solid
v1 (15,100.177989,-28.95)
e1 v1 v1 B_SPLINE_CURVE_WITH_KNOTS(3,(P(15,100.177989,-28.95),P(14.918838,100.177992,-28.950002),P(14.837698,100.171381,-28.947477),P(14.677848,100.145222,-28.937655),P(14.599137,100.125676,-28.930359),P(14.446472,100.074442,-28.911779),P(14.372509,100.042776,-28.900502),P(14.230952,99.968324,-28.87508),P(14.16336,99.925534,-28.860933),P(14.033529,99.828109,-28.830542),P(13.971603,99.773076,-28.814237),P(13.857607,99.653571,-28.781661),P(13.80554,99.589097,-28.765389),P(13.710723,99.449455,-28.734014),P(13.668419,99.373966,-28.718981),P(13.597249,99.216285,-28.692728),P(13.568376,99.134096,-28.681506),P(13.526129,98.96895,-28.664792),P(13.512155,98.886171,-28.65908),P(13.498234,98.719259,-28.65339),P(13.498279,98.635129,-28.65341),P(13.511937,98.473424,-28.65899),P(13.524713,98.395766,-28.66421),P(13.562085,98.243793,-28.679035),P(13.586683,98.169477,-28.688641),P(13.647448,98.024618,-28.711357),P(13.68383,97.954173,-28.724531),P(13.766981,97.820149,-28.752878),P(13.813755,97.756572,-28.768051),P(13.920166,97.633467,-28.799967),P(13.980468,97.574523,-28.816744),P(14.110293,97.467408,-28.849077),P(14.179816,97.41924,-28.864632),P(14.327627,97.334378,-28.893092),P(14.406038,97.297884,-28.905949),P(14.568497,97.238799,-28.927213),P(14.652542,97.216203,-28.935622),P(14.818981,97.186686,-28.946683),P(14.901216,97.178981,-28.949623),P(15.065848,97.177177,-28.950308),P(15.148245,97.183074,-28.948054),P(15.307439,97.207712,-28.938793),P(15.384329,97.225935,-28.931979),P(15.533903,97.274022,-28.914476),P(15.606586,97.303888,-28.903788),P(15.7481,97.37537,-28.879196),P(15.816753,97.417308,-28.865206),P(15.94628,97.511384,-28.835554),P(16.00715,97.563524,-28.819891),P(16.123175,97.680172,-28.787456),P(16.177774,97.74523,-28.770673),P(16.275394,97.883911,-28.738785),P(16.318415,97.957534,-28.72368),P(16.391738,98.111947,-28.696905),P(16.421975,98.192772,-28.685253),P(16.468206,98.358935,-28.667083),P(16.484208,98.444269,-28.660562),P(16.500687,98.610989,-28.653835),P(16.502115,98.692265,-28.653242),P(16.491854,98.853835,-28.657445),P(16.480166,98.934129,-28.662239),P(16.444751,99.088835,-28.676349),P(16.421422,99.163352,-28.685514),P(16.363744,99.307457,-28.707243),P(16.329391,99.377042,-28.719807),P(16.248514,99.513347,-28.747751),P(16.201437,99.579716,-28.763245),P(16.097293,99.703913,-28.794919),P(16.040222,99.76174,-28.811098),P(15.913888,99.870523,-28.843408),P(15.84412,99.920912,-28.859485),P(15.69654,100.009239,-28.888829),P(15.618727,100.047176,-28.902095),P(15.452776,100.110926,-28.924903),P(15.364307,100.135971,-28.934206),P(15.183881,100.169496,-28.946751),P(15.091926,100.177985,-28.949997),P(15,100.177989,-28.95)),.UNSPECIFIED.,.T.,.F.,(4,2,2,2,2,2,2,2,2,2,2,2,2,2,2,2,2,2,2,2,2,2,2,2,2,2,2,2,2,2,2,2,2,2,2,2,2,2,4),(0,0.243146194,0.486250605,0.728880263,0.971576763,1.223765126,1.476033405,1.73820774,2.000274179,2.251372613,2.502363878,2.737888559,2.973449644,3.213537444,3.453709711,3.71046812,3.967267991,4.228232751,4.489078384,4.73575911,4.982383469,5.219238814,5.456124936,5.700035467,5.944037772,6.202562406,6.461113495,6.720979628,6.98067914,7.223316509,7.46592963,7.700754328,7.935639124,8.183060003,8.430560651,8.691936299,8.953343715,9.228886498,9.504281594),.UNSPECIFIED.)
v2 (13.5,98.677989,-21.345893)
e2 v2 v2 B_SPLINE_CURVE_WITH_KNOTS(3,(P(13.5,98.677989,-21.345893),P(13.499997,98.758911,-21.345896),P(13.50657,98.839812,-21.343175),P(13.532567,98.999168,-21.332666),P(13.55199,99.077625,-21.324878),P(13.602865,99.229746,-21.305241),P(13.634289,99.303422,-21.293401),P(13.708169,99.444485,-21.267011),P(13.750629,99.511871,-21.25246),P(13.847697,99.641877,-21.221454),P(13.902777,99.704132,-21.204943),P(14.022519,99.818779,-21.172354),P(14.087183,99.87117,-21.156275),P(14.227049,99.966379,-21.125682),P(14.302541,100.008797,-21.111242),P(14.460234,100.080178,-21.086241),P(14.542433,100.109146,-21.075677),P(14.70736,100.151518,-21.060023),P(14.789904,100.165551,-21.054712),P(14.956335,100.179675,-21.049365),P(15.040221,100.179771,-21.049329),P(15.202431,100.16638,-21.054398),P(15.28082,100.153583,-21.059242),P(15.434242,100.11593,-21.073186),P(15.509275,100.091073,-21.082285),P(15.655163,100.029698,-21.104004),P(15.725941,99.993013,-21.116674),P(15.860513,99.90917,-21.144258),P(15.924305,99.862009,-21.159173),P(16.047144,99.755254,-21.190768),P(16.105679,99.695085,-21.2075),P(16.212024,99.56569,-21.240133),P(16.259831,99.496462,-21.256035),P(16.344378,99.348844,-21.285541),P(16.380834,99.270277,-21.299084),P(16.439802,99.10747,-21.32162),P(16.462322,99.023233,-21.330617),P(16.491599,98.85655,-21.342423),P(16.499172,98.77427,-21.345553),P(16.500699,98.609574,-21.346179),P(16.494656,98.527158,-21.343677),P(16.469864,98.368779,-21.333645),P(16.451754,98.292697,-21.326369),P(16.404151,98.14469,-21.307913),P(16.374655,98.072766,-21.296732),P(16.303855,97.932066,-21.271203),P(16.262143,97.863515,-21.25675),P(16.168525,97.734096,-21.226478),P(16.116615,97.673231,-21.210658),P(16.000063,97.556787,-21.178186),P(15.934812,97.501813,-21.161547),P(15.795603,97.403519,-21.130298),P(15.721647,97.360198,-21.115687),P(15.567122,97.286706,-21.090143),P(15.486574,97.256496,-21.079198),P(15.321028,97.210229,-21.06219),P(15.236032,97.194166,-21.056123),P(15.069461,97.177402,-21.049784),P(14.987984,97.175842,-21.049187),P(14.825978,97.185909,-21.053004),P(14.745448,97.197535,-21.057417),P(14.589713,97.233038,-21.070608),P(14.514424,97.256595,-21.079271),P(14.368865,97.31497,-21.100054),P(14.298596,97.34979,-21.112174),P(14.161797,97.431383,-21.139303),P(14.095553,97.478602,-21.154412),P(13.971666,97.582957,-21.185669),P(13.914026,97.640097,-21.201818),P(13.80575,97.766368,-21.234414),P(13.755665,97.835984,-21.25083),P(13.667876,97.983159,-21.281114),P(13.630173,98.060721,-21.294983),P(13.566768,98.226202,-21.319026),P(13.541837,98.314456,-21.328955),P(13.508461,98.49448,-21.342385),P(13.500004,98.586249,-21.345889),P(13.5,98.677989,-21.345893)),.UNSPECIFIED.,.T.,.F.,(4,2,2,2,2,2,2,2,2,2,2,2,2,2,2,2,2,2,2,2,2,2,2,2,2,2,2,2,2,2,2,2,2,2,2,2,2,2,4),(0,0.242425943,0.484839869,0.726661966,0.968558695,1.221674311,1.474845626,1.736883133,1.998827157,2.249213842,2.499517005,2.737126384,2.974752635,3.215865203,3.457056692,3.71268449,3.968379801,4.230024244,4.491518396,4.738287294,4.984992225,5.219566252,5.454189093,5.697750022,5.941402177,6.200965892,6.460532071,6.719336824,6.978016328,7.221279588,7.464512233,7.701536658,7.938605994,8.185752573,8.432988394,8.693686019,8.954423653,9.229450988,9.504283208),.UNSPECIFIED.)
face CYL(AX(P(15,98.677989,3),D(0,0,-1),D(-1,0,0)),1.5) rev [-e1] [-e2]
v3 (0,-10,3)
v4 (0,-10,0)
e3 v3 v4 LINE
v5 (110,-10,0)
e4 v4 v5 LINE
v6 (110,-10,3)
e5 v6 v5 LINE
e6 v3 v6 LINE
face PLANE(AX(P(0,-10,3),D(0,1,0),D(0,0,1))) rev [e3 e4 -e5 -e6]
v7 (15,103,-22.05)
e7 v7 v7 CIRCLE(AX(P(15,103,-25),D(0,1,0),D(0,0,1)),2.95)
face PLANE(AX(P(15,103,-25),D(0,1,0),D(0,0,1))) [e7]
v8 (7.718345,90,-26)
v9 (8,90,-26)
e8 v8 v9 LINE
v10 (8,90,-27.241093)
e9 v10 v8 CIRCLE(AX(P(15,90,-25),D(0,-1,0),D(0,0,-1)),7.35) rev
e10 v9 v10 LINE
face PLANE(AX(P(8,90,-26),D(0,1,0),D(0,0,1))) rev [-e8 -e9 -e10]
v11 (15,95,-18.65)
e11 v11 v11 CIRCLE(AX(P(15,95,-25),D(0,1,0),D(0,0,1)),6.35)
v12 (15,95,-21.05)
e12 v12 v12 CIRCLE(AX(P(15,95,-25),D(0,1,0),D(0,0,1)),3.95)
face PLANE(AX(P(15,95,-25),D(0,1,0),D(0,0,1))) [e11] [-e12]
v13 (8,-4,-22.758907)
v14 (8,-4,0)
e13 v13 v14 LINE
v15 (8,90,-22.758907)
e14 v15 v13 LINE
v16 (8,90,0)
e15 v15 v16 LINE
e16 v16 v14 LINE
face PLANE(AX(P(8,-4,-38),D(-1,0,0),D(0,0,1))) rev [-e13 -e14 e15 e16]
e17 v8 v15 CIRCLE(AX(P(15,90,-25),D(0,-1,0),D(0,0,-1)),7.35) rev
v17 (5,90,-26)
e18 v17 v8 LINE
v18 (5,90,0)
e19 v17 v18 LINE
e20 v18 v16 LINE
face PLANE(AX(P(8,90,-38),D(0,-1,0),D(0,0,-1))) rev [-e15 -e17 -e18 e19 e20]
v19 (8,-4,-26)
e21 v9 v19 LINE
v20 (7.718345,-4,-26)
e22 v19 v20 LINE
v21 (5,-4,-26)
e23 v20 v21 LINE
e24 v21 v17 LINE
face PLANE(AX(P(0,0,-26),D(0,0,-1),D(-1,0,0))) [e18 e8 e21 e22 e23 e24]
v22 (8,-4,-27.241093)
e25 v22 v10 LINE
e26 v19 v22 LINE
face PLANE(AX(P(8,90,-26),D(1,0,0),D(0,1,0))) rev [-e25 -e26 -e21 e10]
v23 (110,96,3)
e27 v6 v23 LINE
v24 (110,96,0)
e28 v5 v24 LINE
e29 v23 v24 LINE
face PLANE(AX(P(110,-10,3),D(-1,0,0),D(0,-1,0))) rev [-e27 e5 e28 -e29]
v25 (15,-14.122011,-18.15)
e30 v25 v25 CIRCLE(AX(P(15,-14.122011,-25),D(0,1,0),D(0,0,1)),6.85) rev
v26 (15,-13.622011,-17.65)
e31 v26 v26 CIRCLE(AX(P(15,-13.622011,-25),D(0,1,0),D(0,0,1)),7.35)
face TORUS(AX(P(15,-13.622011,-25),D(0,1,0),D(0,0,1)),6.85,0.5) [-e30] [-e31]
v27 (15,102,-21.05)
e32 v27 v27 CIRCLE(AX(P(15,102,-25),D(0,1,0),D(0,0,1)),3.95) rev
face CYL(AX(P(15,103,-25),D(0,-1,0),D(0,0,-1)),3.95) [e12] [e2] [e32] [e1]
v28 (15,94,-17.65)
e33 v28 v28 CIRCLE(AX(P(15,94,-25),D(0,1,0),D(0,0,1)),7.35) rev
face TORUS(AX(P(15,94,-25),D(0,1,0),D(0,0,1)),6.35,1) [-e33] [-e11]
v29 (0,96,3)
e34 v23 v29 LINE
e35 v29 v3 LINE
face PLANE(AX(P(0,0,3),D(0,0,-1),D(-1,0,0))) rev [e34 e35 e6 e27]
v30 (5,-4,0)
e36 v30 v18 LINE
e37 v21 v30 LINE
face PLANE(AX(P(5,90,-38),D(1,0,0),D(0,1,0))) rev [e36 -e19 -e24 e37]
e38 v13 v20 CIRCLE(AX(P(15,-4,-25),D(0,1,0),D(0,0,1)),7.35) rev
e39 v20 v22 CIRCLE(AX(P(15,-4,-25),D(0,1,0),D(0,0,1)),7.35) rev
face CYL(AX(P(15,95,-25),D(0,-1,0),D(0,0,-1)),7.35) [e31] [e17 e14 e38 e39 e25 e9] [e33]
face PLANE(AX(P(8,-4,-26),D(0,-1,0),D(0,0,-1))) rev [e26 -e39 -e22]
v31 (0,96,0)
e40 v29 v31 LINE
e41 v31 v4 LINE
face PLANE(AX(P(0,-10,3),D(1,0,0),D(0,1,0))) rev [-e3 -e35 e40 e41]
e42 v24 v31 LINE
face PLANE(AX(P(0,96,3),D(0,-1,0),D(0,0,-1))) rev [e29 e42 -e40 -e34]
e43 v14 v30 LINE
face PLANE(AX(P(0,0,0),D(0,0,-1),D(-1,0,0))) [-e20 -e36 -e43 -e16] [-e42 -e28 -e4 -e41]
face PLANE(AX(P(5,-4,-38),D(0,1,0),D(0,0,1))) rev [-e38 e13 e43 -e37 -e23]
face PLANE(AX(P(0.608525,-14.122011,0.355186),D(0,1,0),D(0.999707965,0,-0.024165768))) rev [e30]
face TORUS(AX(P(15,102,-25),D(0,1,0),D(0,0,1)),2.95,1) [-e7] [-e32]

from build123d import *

# Parameters (mm, degrees)
SKETCH_1_W               = 110
SKETCH_1_H               = 106
EXTRUDE_1_DEPTH          = 3
SKETCH_2_W               = 3
SKETCH_2_H               = 94
EXTRUDE_2_DEPTH          = 38
EXTRUDE_3_DEPTH          = 5
EXTRUDE_3_DEPTH_BACK     = 104.122011
SKETCH_4_R               = 7.35
SKETCH_5_R               = 3.95
EXTRUDE_4_DEPTH          = 8
FILLET_2_R               = 1
CUT_EXTRUDE_1_DEPTH      = 155.044806793
CUT_EXTRUDE_1_DEPTH_BACK = 155.044806793
SKETCH_9_R               = 1.5
FILLET_3_R               = 0.5
SKETCH_11_W              = 3
SKETCH_11_H              = 94
CUT_EXTRUDE_3_DEPTH      = 12


with BuildPart() as part:
    # 草图1 → 凸台-拉伸1 (new body)
    with BuildSketch(Plane.XY):
        with Locations((55, 43)):
            Rectangle(SKETCH_1_W, SKETCH_1_H)
    extrude(amount=EXTRUDE_1_DEPTH)

    # 草图2 → 凸台-拉伸2 (add)
    with BuildSketch(Plane(origin=(0, 0, 0), x_dir=(-1, 0, 0), z_dir=(0, 0, -1))):
        with Locations((-6.5, 43)):
            Rectangle(SKETCH_2_W, SKETCH_2_H)
    extrude(amount=EXTRUDE_2_DEPTH)

    # 草图4 → 凸台-拉伸3 (add, two sides: drawn at the far end of the back side and taken through both)
    with BuildSketch(Plane(origin=(0, 90, 0), x_dir=(1, 0, 0), z_dir=(0, 1, 0)).offset(-EXTRUDE_3_DEPTH_BACK)):
        with Locations(Location((15, 25, 0), (0, 0, 270))):
            Circle(SKETCH_4_R)
    extrude(amount=EXTRUDE_3_DEPTH + EXTRUDE_3_DEPTH_BACK)

    # 草图5 → 凸台-拉伸4 (add)
    with BuildSketch(Plane(origin=(0, 95, 0), x_dir=(1, 0, 0), z_dir=(0, 1, 0))):
        with Locations(Location((15, 25, 0), (0, 0, 270))):
            Circle(SKETCH_5_R)
    extrude(amount=EXTRUDE_4_DEPTH)

    # 圆角2
    fillet_2_edges = [part.edges().sort_by_distance(p)[0] for p in [
        (15, 95, -32.35),
        (15, 103, -28.95),
    ]]
    fillet(fillet_2_edges, radius=FILLET_2_R)

    # 草图9 → 切除-拉伸1 (cut, two sides: drawn at the far end of the back side and taken through both)
    with BuildSketch(Plane(origin=(0, 0, -28.95), x_dir=(-1, 0, 0), z_dir=(0, 0, -1)).offset(-CUT_EXTRUDE_1_DEPTH_BACK)):
        with Locations(Location((-15, 98.677988735, 0), (0, 0, 90.000000013))):
            Circle(SKETCH_9_R)
    extrude(amount=CUT_EXTRUDE_1_DEPTH + CUT_EXTRUDE_1_DEPTH_BACK, mode=Mode.SUBTRACT)

    # 圆角3
    fillet_3_edges = [part.edges().sort_by_distance(p)[0] for p in [
        (15, -14.122011, -32.35),
    ]]
    fillet(fillet_3_edges, radius=FILLET_3_R)

    # 草图11 → 切除-拉伸3 (cut)
    with BuildSketch(Plane(origin=(0, 0, -38), x_dir=(-1, 0, 0), z_dir=(0, 0, -1))):
        with Locations((-6.5, 43)):
            Rectangle(SKETCH_11_W, SKETCH_11_H)
    extrude(amount=-CUT_EXTRUDE_3_DEPTH, mode=Mode.SUBTRACT)


solid = part.part
